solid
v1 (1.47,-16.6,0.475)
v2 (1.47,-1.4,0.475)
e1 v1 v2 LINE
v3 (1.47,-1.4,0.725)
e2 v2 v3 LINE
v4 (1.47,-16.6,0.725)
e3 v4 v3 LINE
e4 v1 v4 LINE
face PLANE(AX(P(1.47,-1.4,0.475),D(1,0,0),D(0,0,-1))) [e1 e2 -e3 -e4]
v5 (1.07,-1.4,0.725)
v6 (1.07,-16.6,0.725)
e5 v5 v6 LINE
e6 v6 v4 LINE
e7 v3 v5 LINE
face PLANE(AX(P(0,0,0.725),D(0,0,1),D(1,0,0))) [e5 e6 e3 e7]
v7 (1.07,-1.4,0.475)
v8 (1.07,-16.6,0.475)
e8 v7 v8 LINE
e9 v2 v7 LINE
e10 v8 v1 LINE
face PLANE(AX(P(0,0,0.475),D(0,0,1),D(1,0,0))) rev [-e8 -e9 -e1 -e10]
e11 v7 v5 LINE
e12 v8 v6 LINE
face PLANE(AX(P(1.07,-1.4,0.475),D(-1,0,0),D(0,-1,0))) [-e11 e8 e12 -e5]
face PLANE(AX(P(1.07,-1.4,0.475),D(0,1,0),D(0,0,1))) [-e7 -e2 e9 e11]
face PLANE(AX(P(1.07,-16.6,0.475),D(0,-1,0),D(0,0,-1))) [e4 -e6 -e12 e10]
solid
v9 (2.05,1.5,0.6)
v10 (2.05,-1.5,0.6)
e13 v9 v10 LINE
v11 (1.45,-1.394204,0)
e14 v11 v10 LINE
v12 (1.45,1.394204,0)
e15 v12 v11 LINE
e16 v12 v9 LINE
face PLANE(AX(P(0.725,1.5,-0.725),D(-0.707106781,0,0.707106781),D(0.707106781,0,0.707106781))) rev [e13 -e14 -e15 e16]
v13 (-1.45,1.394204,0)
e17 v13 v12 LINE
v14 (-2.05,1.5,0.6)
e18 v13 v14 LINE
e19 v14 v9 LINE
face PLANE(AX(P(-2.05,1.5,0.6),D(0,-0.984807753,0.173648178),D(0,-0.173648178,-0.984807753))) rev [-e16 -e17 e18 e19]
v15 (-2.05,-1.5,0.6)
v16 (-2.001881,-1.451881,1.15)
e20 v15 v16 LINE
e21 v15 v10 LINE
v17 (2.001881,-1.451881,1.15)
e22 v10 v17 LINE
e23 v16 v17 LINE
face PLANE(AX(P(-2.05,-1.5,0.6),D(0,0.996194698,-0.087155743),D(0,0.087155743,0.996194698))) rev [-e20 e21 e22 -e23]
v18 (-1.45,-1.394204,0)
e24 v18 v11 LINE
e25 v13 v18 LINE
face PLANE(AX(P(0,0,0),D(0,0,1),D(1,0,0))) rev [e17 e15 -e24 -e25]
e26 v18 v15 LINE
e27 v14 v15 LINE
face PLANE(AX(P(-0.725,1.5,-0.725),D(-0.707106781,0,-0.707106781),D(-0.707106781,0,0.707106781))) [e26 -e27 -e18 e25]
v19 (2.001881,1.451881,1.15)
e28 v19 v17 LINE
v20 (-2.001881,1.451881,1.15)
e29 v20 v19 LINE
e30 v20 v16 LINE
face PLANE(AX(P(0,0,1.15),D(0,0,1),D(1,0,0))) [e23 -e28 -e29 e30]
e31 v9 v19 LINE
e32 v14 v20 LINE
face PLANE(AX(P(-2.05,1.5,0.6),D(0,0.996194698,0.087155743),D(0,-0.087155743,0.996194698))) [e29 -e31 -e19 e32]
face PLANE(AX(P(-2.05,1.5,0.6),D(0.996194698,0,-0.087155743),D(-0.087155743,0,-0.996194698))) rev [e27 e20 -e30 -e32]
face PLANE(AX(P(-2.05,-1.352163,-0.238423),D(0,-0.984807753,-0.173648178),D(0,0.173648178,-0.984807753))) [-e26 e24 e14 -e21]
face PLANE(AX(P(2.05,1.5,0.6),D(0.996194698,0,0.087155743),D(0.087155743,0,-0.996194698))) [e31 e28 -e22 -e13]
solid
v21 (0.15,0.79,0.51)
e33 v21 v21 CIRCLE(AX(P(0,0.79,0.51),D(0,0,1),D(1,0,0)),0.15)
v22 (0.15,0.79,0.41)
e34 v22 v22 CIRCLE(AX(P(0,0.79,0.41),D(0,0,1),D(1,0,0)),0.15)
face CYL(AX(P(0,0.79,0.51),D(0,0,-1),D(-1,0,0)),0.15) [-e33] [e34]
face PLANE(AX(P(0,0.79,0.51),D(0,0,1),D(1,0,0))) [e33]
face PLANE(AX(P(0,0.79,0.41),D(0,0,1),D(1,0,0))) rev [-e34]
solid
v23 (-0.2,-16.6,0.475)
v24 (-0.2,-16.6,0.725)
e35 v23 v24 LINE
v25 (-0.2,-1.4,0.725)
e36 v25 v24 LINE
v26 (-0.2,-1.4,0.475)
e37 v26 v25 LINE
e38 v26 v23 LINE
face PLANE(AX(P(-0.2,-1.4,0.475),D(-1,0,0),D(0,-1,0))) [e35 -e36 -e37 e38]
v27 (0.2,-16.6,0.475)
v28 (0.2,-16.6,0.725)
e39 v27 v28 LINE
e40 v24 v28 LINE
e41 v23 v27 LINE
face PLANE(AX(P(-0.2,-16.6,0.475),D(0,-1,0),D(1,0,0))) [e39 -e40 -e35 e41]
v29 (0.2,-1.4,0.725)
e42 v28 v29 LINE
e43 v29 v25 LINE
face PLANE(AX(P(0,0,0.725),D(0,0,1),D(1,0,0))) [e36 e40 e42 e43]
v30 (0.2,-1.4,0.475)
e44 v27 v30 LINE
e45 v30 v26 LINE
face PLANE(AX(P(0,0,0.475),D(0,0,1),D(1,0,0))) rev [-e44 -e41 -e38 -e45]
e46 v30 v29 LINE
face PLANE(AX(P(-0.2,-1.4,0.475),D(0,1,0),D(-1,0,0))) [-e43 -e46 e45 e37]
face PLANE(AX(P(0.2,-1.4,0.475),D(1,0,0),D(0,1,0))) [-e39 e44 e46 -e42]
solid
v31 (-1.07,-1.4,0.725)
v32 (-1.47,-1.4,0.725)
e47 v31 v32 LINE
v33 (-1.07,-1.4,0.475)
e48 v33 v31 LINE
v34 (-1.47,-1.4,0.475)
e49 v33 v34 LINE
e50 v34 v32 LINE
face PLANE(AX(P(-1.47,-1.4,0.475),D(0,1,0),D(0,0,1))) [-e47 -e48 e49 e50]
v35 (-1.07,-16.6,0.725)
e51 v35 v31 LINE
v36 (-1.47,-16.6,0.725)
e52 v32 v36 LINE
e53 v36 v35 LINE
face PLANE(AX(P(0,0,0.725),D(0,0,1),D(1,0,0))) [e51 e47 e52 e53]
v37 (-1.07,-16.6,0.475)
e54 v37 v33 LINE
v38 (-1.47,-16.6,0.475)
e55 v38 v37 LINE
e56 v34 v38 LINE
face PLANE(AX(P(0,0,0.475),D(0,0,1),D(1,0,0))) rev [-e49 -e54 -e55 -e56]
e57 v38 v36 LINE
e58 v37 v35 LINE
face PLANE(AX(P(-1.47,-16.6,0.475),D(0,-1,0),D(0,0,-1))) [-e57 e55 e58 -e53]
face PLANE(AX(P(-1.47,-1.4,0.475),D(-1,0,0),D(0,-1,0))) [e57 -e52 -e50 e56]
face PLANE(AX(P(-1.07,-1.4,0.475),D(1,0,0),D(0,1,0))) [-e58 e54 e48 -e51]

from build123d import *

# Parameters (mm, degrees)
SKETCH_1_W             = 4.1
SKETCH_1_H             = 3
EXTRUDE_1_DEPTH        = 1.15
CUT_EXTRUDE_1_DEPTH    = 4.8111678
CUT_EXTRUDE_2_DEPTH    = 5.926966612
EXTRUDE_2_DEPTH        = 0.125
EXTRUDE_2_DEPTH_BACK   = 0.125
SKETCH_5_W             = 0.4
SKETCH_5_H             = 15.2
EXTRUDE_2_2_DEPTH      = 0.125
EXTRUDE_2_2_DEPTH_BACK = 0.125
EXTRUDE_2_3_DEPTH      = 0.125
EXTRUDE_2_3_DEPTH_BACK = 0.125
SKETCH_7_R             = 0.15
EXTRUDE_3_DEPTH        = 0.1


with BuildPart() as part:
    # 草圖1 → 填料-伸長1 (new body)
    with BuildSketch(Plane.XY):
        Rectangle(SKETCH_1_W, SKETCH_1_H)
    extrude(amount=EXTRUDE_1_DEPTH)

    # 草圖2 → 除料-伸長1 (cut, through all)
    with BuildSketch(Plane.XZ.offset(1.5)):
        Polygon((-1.45, 0), (-2.05, 0.6), (-2.05, 0), align=None)
        Polygon((2.05, 0.6), (1.45, 0), (2.05, 0), align=None)
        Polygon((-2.05, 0.6), (-2.001881235, 1.15), (-2.05, 1.15), align=None)
        Polygon((2.05, 0.6), (2.001881235, 1.15), (2.05, 1.15), align=None)
    extrude(amount=-CUT_EXTRUDE_1_DEPTH, mode=Mode.SUBTRACT)

    # 草圖3 → 除料-伸長2 (cut, through all)
    with BuildSketch(Plane(origin=(2.5, 0, 0), x_dir=(0, 0, -1), z_dir=(1, 0, 0))):
        Polygon((0, -1.5), (-0.6, -1.5), (0, -1.394203812), align=None)
        Polygon((-0.6, -1.5), (-1.15, -1.451881235), (-1.15, -1.5), align=None)
        Polygon((-0.6, 1.5), (-1.15, 1.451881235), (-1.15, 1.5), align=None)
        Polygon((-0.6, 1.5), (0, 1.394203812), (0, 1.5), align=None)
    extrude(amount=-CUT_EXTRUDE_2_DEPTH, mode=Mode.SUBTRACT)


with BuildPart() as body_2:
    # 草圖5 → 填料-伸長2 (new, two sides: drawn at the far end of the back side and taken through both)
    with BuildSketch(Plane.XY.offset(0.6).offset(-EXTRUDE_2_DEPTH_BACK)):
        with Locations((-1.27, -9)):
            Rectangle(SKETCH_5_W, SKETCH_5_H)
    extrude(amount=EXTRUDE_2_DEPTH + EXTRUDE_2_DEPTH_BACK)


with BuildPart() as body_3:
    # 草圖5 → Extrude 2 2 (new, two sides: drawn at the far end of the back side and taken through both)
    with BuildSketch(Plane.XY.offset(0.6).offset(-EXTRUDE_2_2_DEPTH_BACK)):
        with Locations((0, -9)):
            Rectangle(SKETCH_5_W, SKETCH_5_H)
    extrude(amount=EXTRUDE_2_2_DEPTH + EXTRUDE_2_2_DEPTH_BACK)


with BuildPart() as body_4:
    # 草圖5 → Extrude 2 3 (new, two sides: drawn at the far end of the back side and taken through both)
    with BuildSketch(Plane.XY.offset(0.6).offset(-EXTRUDE_2_3_DEPTH_BACK)):
        with Locations((1.27, -9)):
            Rectangle(SKETCH_5_W, SKETCH_5_H)
    extrude(amount=EXTRUDE_2_3_DEPTH + EXTRUDE_2_3_DEPTH_BACK)


with BuildPart() as body_5:
    # 草圖7 → 填料-伸長3 (new body)
    with BuildSketch(Plane.XY.offset(0.41)):
        with Locations((0, 0.79)):
            Circle(SKETCH_7_R)
    extrude(amount=EXTRUDE_3_DEPTH)


solid = Compound([part.part, body_2.part, body_3.part, body_4.part, body_5.part])
